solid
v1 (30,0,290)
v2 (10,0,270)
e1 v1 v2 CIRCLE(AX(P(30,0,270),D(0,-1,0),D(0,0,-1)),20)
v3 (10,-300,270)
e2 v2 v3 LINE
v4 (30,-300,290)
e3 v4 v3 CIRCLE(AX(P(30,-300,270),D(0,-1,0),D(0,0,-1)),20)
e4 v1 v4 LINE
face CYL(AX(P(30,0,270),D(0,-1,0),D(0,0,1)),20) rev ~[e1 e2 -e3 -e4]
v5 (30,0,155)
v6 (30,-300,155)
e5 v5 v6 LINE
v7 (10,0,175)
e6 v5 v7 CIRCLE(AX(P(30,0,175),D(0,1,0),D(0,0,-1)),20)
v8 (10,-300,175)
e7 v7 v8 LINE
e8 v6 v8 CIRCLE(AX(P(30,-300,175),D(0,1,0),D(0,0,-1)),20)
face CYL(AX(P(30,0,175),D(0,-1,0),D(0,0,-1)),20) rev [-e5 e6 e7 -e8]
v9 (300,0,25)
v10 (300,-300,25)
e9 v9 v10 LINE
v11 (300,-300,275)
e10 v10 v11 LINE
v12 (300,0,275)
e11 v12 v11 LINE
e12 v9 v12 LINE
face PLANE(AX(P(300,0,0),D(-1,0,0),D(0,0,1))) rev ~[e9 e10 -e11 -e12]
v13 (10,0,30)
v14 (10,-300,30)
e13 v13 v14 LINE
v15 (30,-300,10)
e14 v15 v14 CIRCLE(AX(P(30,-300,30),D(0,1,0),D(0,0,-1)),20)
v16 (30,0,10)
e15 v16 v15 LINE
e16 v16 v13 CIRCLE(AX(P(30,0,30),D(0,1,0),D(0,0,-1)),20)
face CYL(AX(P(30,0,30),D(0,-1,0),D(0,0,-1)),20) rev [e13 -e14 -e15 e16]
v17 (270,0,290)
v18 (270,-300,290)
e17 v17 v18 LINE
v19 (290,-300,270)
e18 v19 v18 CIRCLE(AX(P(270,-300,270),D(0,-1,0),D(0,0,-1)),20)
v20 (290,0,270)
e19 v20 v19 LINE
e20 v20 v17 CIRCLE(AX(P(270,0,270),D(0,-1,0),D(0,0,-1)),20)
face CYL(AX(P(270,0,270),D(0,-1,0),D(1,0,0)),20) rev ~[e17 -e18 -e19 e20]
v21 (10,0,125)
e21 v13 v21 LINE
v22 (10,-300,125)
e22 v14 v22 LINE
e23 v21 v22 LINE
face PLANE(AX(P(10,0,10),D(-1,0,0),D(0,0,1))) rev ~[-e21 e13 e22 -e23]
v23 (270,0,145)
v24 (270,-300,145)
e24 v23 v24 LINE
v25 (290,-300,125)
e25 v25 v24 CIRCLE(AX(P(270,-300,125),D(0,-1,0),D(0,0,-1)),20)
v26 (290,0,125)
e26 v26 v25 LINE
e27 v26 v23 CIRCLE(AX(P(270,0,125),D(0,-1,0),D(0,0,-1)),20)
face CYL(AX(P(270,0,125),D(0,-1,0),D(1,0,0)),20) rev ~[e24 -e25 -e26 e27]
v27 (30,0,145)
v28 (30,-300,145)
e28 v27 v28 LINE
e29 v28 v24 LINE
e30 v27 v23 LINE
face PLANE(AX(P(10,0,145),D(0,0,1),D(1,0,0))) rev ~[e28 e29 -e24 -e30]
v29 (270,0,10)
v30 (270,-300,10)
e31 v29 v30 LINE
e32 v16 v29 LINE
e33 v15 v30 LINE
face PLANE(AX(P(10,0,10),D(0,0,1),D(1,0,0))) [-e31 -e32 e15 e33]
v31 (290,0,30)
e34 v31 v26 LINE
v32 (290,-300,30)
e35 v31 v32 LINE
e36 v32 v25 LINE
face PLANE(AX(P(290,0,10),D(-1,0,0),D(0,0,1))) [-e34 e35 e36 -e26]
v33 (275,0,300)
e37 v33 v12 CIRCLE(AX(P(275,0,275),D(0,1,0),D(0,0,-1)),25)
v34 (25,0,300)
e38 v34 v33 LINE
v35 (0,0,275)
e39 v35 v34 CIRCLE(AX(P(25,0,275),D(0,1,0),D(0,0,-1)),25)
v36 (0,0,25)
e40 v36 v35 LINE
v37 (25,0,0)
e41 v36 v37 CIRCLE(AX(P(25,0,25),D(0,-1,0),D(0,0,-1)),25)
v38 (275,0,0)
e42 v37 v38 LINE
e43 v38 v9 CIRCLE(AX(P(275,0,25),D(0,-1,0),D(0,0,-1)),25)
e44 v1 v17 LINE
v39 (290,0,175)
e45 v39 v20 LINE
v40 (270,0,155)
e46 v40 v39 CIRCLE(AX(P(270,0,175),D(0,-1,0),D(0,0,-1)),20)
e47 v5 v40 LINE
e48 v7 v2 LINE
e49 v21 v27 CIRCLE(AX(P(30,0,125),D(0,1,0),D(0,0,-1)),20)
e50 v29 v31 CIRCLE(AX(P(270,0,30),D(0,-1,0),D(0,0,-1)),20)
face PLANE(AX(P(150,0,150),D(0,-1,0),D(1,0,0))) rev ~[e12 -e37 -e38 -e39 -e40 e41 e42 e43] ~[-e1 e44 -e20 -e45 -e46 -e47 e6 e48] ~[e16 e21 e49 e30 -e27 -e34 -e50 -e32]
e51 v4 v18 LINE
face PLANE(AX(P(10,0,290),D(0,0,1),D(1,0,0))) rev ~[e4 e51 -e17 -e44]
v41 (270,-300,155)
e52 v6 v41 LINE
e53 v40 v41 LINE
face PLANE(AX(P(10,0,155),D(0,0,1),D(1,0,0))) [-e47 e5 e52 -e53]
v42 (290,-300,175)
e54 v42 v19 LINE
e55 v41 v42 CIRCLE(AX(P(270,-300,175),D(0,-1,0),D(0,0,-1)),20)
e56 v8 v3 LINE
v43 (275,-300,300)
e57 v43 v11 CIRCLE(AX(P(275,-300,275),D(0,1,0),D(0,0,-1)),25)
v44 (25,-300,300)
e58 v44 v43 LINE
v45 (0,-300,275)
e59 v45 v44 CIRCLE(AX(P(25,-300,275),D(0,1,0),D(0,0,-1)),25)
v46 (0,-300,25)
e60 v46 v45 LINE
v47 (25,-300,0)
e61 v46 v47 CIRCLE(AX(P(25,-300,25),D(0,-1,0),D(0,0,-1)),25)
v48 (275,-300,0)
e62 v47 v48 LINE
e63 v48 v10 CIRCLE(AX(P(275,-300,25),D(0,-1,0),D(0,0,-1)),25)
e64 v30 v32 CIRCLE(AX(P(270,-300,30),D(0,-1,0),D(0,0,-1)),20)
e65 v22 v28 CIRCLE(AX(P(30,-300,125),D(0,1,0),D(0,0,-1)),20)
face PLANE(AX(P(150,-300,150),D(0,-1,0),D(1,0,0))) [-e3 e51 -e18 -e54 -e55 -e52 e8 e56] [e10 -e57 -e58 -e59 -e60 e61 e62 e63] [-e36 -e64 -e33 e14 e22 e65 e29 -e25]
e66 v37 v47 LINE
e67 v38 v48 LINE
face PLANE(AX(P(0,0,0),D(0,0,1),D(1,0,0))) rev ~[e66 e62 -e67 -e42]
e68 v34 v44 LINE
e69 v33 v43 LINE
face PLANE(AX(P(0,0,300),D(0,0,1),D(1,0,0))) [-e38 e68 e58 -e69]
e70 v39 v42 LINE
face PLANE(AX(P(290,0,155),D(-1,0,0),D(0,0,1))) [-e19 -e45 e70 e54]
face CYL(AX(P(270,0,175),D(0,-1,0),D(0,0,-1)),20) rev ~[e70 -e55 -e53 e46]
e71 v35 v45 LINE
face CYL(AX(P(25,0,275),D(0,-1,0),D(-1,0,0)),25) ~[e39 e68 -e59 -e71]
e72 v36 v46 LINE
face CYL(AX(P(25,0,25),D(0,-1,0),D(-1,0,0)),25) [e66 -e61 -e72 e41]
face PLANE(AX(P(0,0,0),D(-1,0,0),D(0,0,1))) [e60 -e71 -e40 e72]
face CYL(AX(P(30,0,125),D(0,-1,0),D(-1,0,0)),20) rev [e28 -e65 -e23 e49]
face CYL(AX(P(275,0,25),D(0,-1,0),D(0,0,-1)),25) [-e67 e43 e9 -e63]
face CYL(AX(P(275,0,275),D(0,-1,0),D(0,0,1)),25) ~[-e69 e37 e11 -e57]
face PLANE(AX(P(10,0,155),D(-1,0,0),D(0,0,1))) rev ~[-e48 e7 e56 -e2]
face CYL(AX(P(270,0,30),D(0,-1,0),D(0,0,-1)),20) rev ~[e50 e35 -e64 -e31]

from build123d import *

# Parameters (mm, degrees)
F0_W     = 300
F0_H     = 300
F0_W_2   = 280
F0_H_2   = 135
F1_DEPTH = 300
F2_R     = 20
F3_R     = 25


with BuildPart() as f1:
    # F0 (on Front) → F1 (new body)
    with BuildSketch(Plane.XZ):
        with Locations((150, 150)):
            Rectangle(F0_W, F0_H)
        with Locations((150, 77.5)):
            Rectangle(F0_W_2, F0_H_2, mode=Mode.SUBTRACT)
        with Locations((150, 222.5)):
            Rectangle(F0_W_2, F0_H_2, mode=Mode.SUBTRACT)
    extrude(amount=F1_DEPTH)

    # F2
    f2_edges = [f1.edges().sort_by_distance(p)[0] for p in [
        (10, -150, 290),
        (10, -150, 145),
        (290, -150, 290),
        (290, -150, 145),
        (10, -150, 155),
        (290, -150, 155),
        (290, -150, 10),
        (10, -150, 10),
    ]]
    fillet(f2_edges, radius=F2_R)

    # F3
    f3_edges = [f1.edges().sort_by_distance(p)[0] for p in [
        (0, -150, 300),
        (300, -150, 300),
        (300, -150, 0),
        (0, -150, 0),
    ]]
    fillet(f3_edges, radius=F3_R)


solid = f1.part
